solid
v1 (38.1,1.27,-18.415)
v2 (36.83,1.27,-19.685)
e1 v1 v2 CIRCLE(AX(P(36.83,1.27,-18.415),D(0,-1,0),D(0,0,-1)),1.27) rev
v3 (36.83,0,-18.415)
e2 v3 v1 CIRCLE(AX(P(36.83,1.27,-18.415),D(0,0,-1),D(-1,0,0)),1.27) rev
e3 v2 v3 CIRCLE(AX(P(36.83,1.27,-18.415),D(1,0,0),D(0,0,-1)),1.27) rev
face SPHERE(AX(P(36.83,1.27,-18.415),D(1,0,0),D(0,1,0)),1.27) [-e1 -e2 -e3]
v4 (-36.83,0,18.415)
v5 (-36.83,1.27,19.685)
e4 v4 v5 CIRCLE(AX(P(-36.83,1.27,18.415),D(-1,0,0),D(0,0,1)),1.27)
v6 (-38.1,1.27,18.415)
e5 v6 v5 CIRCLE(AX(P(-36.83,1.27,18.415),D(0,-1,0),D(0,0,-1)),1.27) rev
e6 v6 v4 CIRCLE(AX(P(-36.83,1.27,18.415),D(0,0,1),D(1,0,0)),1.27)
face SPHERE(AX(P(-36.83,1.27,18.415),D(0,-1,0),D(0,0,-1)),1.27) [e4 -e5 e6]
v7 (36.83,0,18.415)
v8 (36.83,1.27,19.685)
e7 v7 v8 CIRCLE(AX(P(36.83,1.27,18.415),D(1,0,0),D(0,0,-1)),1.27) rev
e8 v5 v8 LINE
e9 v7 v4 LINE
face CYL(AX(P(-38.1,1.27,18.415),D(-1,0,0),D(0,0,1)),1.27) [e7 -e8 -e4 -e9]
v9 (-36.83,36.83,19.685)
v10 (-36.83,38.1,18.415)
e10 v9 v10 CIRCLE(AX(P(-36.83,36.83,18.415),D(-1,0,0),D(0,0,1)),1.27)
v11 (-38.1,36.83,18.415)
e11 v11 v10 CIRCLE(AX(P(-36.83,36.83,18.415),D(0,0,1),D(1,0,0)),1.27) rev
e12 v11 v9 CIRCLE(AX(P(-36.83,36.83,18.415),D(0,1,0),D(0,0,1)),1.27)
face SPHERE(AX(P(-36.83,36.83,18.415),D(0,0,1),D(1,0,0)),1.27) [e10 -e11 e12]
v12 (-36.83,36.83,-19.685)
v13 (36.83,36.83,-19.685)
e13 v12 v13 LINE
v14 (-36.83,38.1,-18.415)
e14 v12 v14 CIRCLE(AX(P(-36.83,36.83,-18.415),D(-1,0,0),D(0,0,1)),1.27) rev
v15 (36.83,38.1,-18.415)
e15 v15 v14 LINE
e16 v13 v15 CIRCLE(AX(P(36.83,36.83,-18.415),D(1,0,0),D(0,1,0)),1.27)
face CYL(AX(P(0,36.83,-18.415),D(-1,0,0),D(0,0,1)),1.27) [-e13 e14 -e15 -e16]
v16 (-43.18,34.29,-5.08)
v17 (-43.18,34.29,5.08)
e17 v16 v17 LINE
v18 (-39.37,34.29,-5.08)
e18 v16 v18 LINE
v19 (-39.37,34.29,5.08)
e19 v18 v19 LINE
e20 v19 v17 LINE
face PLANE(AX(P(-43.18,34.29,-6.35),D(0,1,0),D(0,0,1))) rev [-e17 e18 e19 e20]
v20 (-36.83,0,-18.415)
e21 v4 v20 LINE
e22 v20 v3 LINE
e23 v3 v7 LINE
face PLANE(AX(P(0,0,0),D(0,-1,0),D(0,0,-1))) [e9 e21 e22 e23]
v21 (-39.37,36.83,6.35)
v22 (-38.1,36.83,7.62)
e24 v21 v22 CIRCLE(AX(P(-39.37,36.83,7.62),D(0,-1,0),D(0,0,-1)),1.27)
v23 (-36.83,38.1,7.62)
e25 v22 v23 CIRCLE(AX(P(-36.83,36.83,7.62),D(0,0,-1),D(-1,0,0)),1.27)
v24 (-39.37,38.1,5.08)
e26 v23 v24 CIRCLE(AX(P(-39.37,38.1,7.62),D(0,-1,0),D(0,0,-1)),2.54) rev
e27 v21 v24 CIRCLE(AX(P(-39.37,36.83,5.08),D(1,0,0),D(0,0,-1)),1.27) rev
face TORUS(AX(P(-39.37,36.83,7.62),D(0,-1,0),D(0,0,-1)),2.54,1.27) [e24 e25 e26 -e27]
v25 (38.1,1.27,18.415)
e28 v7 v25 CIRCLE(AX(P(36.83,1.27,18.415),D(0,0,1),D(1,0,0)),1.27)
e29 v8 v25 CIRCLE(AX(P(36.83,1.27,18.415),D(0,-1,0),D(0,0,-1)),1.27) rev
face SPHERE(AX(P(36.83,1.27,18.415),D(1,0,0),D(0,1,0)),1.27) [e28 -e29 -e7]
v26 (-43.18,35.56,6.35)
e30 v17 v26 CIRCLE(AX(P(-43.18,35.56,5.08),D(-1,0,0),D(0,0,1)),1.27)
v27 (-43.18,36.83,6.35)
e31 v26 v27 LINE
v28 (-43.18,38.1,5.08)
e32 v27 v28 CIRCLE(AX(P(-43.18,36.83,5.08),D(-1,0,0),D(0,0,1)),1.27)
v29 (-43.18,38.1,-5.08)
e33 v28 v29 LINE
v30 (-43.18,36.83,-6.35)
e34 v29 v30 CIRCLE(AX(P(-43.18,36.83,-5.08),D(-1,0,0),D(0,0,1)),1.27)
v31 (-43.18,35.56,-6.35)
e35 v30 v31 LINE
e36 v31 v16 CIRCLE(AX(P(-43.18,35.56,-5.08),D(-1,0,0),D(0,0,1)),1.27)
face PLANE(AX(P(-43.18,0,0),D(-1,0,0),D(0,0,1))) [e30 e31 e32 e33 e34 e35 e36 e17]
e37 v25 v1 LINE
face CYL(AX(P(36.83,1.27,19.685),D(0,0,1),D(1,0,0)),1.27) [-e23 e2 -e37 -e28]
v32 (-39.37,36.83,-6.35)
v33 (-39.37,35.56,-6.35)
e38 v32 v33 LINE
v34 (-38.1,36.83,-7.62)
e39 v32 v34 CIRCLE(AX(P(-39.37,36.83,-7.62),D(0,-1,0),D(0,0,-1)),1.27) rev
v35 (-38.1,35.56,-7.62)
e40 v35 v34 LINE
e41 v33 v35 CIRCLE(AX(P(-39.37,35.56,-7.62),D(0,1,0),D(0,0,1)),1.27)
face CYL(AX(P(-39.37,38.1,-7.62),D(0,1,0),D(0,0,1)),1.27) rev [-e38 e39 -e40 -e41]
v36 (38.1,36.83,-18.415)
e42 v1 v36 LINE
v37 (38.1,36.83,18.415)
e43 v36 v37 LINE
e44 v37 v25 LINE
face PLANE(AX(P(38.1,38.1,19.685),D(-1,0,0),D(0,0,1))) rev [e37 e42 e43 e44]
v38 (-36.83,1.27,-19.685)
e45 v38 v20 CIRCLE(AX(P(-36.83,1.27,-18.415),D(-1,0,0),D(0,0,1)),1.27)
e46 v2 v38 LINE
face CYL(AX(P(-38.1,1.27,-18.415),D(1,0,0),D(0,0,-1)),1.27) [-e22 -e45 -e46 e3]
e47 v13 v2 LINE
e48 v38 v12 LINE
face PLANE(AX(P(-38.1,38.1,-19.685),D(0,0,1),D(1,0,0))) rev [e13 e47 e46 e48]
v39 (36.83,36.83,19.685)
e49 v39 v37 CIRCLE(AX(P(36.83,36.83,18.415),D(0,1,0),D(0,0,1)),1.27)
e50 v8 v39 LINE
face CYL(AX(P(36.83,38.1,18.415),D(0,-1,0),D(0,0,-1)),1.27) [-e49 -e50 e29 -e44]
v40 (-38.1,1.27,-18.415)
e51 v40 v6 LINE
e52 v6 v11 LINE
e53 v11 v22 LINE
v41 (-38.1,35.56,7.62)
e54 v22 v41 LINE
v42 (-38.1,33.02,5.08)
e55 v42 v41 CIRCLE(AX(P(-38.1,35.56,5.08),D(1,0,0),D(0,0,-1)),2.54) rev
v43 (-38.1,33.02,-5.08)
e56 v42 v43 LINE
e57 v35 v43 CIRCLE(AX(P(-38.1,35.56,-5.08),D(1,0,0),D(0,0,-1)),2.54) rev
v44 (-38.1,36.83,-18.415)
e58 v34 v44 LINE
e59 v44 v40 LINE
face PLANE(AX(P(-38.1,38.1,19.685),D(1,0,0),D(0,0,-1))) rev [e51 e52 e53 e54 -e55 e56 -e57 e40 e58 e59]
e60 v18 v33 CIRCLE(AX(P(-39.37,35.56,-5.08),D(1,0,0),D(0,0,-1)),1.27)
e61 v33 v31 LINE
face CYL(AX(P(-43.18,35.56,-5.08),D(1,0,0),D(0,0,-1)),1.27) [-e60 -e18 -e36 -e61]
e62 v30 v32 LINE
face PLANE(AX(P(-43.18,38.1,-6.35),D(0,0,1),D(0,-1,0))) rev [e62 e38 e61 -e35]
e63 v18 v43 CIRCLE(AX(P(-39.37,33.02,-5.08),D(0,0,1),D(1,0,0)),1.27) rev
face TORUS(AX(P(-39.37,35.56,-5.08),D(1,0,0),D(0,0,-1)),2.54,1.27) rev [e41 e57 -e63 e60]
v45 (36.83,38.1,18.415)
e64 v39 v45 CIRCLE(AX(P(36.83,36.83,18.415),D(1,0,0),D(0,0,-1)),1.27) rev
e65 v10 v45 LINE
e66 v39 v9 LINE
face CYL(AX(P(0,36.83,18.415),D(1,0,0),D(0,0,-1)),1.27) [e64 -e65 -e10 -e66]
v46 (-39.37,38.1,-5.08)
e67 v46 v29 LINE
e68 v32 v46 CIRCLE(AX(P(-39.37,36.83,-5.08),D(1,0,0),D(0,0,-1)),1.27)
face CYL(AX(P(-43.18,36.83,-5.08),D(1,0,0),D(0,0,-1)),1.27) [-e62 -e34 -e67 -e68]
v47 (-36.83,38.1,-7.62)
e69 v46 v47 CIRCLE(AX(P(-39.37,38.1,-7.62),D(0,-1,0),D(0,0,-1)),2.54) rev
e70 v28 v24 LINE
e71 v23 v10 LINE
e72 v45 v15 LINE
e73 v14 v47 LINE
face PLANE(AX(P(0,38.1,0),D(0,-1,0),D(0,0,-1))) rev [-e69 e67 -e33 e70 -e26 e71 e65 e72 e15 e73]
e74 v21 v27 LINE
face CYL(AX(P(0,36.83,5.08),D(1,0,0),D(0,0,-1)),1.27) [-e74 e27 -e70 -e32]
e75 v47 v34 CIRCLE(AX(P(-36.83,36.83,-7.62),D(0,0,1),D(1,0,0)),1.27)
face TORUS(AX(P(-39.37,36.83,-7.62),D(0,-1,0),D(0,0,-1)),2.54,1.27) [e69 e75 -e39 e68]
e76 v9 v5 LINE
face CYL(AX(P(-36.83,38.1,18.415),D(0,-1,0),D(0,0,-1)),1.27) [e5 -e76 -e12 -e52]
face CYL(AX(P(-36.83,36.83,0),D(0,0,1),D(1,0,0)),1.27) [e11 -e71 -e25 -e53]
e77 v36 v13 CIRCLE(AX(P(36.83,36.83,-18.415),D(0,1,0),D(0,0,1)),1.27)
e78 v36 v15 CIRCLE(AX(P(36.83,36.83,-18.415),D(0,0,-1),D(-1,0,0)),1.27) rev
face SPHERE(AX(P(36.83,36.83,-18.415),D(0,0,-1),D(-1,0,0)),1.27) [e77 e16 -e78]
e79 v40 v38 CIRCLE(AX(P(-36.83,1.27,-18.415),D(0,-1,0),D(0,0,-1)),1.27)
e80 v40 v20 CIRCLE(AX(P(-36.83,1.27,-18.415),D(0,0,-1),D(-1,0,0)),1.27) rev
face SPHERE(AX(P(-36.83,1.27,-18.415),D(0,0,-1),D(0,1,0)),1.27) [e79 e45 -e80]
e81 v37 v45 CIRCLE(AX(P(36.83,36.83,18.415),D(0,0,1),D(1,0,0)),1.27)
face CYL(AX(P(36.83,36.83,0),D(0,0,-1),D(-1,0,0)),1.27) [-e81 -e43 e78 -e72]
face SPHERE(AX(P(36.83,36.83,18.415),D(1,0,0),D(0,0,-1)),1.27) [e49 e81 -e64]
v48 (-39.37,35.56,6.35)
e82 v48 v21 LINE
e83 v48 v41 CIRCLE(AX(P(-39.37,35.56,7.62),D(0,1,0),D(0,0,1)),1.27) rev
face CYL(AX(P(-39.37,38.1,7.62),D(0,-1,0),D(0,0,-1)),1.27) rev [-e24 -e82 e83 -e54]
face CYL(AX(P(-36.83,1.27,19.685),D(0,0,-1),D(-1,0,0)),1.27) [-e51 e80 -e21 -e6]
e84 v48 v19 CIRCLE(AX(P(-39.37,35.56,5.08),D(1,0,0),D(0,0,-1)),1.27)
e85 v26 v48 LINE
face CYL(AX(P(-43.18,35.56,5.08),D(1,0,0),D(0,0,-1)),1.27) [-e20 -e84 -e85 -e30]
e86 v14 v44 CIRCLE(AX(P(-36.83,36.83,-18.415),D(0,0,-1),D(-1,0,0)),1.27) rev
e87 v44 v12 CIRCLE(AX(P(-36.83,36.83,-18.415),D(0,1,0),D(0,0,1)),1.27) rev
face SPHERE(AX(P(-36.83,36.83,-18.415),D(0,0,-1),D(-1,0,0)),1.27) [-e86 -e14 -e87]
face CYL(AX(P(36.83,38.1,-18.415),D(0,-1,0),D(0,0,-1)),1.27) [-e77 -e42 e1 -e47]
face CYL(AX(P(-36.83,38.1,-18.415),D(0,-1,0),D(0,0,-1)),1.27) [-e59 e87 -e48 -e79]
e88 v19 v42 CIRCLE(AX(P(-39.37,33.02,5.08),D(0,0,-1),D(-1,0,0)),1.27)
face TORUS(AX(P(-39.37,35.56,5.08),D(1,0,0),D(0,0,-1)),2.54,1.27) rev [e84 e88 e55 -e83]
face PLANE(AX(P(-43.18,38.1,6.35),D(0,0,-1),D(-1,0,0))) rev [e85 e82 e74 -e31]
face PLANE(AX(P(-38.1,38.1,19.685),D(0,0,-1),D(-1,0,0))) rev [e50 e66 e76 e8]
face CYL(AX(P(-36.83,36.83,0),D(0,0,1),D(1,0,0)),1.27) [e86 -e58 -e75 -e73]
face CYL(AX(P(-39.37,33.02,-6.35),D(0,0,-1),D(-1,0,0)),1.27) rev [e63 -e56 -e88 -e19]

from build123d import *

# Parameters (mm, degrees)
SKETCH1_W           = 76.2
SKETCH1_H           = 39.37
BOSS_EXTRUDE1_DEPTH = 38.1
SKETCH2_W           = 12.7
SKETCH2_H           = 3.81
BOSS_EXTRUDE2_DEPTH = 5.08
FILLET1_R           = 1.27


with BuildPart() as part:
    # Sketch1 → Boss-Extrude1 (new body)
    with BuildSketch(Plane(origin=(0, 0, 0), x_dir=(1, 0, 0), z_dir=(0, 1, 0))):
        Rectangle(SKETCH1_W, SKETCH1_H)
    extrude(amount=BOSS_EXTRUDE1_DEPTH)

    # Sketch2 → Boss-Extrude2 (add)
    with BuildSketch(Plane.ZY.offset(38.1)):
        with Locations((0, 36.195)):
            Rectangle(SKETCH2_W, SKETCH2_H)
    extrude(amount=BOSS_EXTRUDE2_DEPTH)

    # Fillet1
    fillet1_edges = [part.edges().sort_by_distance(p)[0] for p in [
        (-38.1, 38.1, -13.0175),
        (-38.1, 38.1, 13.0175),
        (-38.1, 36.195, -6.35),
        (-40.64, 38.1, -6.35),
        (-38.1, 34.29, 0),
        (0, 38.1, 19.685),
        (-40.64, 34.29, -6.35),
        (-38.1, 36.195, 6.35),
        (-40.64, 34.29, 6.35),
        (-40.64, 38.1, 6.35),
        (38.1, 38.1, 0),
        (0, 0, 19.685),
        (-38.1, 0, 0),
        (0, 0, -19.685),
        (38.1, 0, 0),
        (38.1, 19.05, 19.685),
        (-38.1, 19.05, 19.685),
        (-38.1, 19.05, -19.685),
        (38.1, 19.05, -19.685),
        (0, 38.1, -19.685),
    ]]
    fillet(fillet1_edges, radius=FILLET1_R)


solid = part.part
